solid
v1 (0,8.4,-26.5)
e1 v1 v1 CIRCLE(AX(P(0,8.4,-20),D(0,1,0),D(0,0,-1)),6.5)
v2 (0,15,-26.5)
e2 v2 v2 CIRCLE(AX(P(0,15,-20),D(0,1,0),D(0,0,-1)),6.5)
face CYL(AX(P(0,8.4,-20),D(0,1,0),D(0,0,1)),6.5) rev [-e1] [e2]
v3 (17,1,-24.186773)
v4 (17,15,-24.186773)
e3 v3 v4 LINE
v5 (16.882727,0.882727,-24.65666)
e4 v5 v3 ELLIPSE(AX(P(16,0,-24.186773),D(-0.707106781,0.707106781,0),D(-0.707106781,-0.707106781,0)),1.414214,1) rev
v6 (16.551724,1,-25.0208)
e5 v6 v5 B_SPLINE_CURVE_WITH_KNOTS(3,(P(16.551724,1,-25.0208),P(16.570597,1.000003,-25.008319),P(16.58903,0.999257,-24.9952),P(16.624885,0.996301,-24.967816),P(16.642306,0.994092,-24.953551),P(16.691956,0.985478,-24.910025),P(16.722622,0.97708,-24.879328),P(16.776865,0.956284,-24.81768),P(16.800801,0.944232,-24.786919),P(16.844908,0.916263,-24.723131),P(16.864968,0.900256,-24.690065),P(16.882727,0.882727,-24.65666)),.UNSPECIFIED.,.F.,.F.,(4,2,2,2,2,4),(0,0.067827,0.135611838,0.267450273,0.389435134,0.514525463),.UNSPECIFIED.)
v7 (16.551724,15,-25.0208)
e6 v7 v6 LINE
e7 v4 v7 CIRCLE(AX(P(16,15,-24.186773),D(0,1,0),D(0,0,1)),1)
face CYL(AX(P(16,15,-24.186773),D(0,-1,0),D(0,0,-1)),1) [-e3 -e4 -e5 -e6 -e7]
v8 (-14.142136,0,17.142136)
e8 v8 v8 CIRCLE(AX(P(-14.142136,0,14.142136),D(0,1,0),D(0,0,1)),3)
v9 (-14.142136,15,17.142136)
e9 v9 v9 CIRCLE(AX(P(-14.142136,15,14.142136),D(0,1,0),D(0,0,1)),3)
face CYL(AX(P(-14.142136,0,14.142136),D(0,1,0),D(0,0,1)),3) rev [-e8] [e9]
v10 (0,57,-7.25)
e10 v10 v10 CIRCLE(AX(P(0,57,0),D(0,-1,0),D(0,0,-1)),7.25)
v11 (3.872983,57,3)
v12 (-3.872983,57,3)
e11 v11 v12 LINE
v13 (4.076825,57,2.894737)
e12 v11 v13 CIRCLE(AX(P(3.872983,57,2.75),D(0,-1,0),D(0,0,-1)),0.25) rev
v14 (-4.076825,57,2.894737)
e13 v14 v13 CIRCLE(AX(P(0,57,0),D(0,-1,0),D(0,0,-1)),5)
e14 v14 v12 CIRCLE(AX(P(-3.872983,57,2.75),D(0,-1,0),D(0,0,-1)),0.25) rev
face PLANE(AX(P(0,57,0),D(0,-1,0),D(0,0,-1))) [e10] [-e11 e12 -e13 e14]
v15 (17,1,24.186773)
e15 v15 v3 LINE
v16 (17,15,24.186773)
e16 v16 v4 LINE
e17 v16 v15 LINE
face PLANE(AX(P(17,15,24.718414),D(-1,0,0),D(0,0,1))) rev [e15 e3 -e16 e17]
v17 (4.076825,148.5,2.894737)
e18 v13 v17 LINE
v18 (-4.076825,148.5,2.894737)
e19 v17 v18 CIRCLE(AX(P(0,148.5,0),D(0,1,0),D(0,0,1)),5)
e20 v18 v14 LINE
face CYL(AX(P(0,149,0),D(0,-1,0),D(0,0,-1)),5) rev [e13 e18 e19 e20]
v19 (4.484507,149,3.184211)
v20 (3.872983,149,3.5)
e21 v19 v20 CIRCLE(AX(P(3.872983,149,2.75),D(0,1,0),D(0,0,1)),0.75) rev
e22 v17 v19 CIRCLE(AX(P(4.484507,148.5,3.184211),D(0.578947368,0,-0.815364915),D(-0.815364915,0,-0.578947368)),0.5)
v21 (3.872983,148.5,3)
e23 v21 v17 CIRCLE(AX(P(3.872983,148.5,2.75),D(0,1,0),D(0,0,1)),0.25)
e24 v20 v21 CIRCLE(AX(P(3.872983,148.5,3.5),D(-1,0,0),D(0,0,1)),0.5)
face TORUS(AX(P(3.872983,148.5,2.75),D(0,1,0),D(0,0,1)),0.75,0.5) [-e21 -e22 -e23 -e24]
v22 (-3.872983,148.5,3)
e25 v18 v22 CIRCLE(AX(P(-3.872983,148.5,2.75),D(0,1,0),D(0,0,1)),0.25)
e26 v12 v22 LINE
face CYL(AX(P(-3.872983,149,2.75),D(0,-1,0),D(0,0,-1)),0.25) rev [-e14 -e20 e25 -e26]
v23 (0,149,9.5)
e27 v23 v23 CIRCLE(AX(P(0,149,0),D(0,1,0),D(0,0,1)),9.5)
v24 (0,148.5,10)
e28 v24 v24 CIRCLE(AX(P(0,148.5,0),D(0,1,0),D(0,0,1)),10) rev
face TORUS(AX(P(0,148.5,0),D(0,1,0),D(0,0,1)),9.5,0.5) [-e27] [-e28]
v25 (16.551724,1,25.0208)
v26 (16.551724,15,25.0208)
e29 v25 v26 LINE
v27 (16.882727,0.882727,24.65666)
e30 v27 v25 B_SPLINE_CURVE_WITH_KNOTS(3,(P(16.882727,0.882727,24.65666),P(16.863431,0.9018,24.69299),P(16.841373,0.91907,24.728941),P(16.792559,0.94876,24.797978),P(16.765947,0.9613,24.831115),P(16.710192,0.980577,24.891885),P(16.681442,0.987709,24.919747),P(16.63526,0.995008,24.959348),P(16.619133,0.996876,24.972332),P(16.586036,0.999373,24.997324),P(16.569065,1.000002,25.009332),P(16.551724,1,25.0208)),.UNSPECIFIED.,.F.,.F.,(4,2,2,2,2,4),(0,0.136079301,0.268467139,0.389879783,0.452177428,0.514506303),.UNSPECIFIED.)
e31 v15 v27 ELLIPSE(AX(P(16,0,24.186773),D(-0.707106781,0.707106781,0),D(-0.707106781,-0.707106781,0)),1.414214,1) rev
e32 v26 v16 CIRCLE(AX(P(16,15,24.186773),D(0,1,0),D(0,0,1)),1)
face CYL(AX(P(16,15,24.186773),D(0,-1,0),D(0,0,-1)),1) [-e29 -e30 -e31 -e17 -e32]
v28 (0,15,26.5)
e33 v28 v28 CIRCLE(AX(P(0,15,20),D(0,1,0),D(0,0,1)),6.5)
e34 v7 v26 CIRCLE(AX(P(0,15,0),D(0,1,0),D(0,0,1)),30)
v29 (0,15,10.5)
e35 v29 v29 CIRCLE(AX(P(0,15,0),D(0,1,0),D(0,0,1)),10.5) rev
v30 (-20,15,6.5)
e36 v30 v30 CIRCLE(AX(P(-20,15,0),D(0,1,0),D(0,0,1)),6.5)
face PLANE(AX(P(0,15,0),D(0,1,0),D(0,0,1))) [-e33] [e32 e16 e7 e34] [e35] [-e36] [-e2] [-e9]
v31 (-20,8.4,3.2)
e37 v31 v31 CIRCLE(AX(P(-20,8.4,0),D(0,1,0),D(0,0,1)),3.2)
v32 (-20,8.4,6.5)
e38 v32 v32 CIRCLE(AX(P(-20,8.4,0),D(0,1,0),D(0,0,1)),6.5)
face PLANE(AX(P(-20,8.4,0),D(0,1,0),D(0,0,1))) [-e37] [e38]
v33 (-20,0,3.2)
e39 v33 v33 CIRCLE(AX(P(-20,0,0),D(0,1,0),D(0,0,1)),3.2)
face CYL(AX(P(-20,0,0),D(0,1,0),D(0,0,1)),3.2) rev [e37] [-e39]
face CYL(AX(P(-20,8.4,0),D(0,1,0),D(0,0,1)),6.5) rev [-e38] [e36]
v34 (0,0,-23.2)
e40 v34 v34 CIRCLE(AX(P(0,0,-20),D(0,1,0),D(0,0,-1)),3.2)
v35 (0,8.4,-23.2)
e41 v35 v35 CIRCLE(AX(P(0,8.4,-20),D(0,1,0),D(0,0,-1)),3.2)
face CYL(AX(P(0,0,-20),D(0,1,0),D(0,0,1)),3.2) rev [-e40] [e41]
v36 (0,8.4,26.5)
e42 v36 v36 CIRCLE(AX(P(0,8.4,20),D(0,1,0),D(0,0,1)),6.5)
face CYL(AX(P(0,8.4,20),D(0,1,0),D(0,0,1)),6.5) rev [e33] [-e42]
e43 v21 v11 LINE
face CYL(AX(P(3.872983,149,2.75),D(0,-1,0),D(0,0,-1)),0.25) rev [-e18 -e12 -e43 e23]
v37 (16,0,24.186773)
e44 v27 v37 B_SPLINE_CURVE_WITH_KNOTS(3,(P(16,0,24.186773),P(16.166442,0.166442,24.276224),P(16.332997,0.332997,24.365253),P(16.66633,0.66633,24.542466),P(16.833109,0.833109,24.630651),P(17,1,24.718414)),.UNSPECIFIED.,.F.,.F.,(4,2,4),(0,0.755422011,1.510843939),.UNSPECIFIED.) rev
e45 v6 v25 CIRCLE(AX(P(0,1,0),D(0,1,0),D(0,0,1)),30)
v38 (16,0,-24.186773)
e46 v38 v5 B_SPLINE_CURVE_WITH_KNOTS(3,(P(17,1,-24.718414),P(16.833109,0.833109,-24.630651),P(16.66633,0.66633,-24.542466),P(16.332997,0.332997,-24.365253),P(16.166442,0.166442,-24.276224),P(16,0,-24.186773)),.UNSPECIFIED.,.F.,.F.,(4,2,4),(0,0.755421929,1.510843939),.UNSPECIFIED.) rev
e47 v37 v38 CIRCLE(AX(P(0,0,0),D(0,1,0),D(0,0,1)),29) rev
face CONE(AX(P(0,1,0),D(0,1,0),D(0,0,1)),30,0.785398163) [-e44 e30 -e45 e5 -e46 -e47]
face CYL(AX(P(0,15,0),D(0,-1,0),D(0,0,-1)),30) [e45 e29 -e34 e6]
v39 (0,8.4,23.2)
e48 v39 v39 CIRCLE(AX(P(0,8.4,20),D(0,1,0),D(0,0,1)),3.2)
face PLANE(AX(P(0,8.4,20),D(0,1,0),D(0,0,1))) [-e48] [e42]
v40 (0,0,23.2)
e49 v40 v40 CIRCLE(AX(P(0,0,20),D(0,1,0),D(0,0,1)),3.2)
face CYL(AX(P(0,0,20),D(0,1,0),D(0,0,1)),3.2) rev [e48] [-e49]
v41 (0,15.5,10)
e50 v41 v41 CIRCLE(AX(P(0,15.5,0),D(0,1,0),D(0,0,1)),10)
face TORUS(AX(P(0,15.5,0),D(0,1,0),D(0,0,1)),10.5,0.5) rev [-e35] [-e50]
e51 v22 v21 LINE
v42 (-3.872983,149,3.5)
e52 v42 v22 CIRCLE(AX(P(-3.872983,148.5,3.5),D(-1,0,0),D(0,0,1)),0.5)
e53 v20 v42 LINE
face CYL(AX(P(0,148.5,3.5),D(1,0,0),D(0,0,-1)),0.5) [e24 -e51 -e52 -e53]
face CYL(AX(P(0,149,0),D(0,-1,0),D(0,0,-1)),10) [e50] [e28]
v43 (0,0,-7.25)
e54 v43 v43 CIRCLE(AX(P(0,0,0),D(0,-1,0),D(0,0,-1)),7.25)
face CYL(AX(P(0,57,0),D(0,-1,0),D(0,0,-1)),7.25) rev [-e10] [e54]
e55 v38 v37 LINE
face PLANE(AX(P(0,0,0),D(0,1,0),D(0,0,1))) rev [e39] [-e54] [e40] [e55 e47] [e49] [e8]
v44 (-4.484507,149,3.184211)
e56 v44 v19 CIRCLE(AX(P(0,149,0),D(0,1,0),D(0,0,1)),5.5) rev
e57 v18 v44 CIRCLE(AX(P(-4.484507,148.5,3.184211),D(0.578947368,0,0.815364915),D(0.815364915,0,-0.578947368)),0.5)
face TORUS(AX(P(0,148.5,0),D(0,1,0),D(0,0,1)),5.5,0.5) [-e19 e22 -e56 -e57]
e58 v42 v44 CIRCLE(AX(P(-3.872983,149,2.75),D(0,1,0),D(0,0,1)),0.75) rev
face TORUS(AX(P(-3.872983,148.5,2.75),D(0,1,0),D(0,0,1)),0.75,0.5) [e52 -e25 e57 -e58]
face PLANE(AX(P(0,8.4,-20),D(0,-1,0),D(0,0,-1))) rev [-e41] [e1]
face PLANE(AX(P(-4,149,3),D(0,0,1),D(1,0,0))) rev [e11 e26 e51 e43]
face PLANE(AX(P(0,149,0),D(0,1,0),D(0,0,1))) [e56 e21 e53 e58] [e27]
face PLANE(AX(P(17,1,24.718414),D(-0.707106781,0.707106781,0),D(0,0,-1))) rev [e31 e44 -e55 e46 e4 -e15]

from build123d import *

# Parameters (mm, degrees)
BOSS_EXTRUDE1_DEPTH = 15
SKETCH2_R           = 10
BOSS_EXTRUDE2_DEPTH = 134
SKETCH4_R           = 7.25
CUT_EXTRUDE1_DEPTH  = 57
CUT_EXTRUDE2_DEPTH  = 93
SKETCH7_R           = 6.5
CUT_EXTRUDE3_DEPTH  = 6.6
SKETCH8_R           = 3.2
CUT_EXTRUDE4_DEPTH  = 9.4
FILLET1_R           = 0.25
CHAMFER1_SIZE       = 1
FILLET2_R           = 0.5
FILLET3_R           = 0.5
FILLET4_R           = 0.5
SKETCH9_R           = 3
CUT_EXTRUDE5_DEPTH  = 16
FILLET5_R           = 1


with BuildPart() as part:
    # Sketch1 → Boss-Extrude1 (new body)
    with BuildSketch(Plane(origin=(0, 0, 0), x_dir=(1, 0, 0), z_dir=(0, 1, 0))):
        with BuildLine():
            Line((17, -24.718414189), (17, 24.718414189))
            ThreePointArc((17, 24.718414189), (-30, 0), (17, -24.718414189))
        make_face()
    extrude(amount=BOSS_EXTRUDE1_DEPTH)

    # Sketch2 → Boss-Extrude2 (add)
    with BuildSketch(Plane(origin=(0, 15, 0), x_dir=(1, 0, 0), z_dir=(0, 1, 0))):
        Circle(SKETCH2_R)
    extrude(amount=BOSS_EXTRUDE2_DEPTH)

    # Sketch4 → Cut-Extrude1 (cut)
    with BuildSketch(Plane.XZ):
        Circle(SKETCH4_R)
    extrude(amount=-CUT_EXTRUDE1_DEPTH, mode=Mode.SUBTRACT)

    # Sketch5 → Cut-Extrude2 (cut, through all)
    with BuildSketch(Plane.XZ.offset(-57)):
        with BuildLine():
            Line((-4, 3), (4, 3))
            ThreePointArc((4, 3), (0, -5), (-4, 3))
        make_face()
    extrude(amount=-CUT_EXTRUDE2_DEPTH, mode=Mode.SUBTRACT)

    # Sketch7 → Cut-Extrude3 (cut)
    with BuildSketch(Plane(origin=(0, 15, 0), x_dir=(1, 0, 0), z_dir=(0, 1, 0))):
        with Locations((0, -20)):
            Circle(SKETCH7_R)
        with Locations((-20, 0)):
            Circle(SKETCH7_R)
        with Locations((0, 20)):
            Circle(SKETCH7_R)
    extrude(amount=-CUT_EXTRUDE3_DEPTH, mode=Mode.SUBTRACT)

    # Sketch8 → Cut-Extrude4 (cut, through all)
    with BuildSketch(Plane(origin=(0, 8.4, 0), x_dir=(1, 0, 0), z_dir=(0, 1, 0))):
        with Locations((0, -20)):
            Circle(SKETCH8_R)
        with Locations((-20, 0)):
            Circle(SKETCH8_R)
        with Locations((0, 20)):
            Circle(SKETCH8_R)
    extrude(amount=-CUT_EXTRUDE4_DEPTH, mode=Mode.SUBTRACT)

    # Fillet1
    fillet1_edges = [part.edges().sort_by_distance(p)[0] for p in [
        (4, 103, 3),
        (-4, 103, 3),
    ]]
    fillet(fillet1_edges, radius=FILLET1_R)

    # Chamfer1
    chamfer1_edges = [part.edges().sort_by_distance(p)[0] for p in [
        (17, 0, 0),
        (-30, 0, 0),
    ]]
    chamfer(chamfer1_edges, length=CHAMFER1_SIZE)

    # Fillet2
    fillet2_edges = [part.edges().sort_by_distance(p)[0] for p in [
        (-10, 149, 0),
    ]]
    fillet(fillet2_edges, radius=FILLET2_R)

    # Fillet3
    fillet3_edges = [part.edges().sort_by_distance(p)[0] for p in [
        (0, 149, 3),
        (0, 149, -5),
        (3.987691213, 149, 2.972130829),
        (-3.987691213, 149, 2.972130829),
    ]]
    fillet(fillet3_edges, radius=FILLET3_R)

    # Fillet4
    fillet4_edges = [part.edges().sort_by_distance(p)[0] for p in [
        (-10, 15, 0),
    ]]
    fillet(fillet4_edges, radius=FILLET4_R)

    # Sketch9 → Cut-Extrude5 (cut, through all)
    with BuildSketch(Plane(origin=(0, 15, 0), x_dir=(1, 0, 0), z_dir=(0, 1, 0))):
        with Locations((-14.142135624, -14.142135624)):
            Circle(SKETCH9_R)
    extrude(amount=-CUT_EXTRUDE5_DEPTH, mode=Mode.SUBTRACT)

    # Fillet5
    fillet5_edges = [part.edges().sort_by_distance(p)[0] for p in [
        (17, 8, -24.718414189),
        (17, 8, 24.718414189),
    ]]
    fillet(fillet5_edges, radius=FILLET5_R)


solid = part.part
